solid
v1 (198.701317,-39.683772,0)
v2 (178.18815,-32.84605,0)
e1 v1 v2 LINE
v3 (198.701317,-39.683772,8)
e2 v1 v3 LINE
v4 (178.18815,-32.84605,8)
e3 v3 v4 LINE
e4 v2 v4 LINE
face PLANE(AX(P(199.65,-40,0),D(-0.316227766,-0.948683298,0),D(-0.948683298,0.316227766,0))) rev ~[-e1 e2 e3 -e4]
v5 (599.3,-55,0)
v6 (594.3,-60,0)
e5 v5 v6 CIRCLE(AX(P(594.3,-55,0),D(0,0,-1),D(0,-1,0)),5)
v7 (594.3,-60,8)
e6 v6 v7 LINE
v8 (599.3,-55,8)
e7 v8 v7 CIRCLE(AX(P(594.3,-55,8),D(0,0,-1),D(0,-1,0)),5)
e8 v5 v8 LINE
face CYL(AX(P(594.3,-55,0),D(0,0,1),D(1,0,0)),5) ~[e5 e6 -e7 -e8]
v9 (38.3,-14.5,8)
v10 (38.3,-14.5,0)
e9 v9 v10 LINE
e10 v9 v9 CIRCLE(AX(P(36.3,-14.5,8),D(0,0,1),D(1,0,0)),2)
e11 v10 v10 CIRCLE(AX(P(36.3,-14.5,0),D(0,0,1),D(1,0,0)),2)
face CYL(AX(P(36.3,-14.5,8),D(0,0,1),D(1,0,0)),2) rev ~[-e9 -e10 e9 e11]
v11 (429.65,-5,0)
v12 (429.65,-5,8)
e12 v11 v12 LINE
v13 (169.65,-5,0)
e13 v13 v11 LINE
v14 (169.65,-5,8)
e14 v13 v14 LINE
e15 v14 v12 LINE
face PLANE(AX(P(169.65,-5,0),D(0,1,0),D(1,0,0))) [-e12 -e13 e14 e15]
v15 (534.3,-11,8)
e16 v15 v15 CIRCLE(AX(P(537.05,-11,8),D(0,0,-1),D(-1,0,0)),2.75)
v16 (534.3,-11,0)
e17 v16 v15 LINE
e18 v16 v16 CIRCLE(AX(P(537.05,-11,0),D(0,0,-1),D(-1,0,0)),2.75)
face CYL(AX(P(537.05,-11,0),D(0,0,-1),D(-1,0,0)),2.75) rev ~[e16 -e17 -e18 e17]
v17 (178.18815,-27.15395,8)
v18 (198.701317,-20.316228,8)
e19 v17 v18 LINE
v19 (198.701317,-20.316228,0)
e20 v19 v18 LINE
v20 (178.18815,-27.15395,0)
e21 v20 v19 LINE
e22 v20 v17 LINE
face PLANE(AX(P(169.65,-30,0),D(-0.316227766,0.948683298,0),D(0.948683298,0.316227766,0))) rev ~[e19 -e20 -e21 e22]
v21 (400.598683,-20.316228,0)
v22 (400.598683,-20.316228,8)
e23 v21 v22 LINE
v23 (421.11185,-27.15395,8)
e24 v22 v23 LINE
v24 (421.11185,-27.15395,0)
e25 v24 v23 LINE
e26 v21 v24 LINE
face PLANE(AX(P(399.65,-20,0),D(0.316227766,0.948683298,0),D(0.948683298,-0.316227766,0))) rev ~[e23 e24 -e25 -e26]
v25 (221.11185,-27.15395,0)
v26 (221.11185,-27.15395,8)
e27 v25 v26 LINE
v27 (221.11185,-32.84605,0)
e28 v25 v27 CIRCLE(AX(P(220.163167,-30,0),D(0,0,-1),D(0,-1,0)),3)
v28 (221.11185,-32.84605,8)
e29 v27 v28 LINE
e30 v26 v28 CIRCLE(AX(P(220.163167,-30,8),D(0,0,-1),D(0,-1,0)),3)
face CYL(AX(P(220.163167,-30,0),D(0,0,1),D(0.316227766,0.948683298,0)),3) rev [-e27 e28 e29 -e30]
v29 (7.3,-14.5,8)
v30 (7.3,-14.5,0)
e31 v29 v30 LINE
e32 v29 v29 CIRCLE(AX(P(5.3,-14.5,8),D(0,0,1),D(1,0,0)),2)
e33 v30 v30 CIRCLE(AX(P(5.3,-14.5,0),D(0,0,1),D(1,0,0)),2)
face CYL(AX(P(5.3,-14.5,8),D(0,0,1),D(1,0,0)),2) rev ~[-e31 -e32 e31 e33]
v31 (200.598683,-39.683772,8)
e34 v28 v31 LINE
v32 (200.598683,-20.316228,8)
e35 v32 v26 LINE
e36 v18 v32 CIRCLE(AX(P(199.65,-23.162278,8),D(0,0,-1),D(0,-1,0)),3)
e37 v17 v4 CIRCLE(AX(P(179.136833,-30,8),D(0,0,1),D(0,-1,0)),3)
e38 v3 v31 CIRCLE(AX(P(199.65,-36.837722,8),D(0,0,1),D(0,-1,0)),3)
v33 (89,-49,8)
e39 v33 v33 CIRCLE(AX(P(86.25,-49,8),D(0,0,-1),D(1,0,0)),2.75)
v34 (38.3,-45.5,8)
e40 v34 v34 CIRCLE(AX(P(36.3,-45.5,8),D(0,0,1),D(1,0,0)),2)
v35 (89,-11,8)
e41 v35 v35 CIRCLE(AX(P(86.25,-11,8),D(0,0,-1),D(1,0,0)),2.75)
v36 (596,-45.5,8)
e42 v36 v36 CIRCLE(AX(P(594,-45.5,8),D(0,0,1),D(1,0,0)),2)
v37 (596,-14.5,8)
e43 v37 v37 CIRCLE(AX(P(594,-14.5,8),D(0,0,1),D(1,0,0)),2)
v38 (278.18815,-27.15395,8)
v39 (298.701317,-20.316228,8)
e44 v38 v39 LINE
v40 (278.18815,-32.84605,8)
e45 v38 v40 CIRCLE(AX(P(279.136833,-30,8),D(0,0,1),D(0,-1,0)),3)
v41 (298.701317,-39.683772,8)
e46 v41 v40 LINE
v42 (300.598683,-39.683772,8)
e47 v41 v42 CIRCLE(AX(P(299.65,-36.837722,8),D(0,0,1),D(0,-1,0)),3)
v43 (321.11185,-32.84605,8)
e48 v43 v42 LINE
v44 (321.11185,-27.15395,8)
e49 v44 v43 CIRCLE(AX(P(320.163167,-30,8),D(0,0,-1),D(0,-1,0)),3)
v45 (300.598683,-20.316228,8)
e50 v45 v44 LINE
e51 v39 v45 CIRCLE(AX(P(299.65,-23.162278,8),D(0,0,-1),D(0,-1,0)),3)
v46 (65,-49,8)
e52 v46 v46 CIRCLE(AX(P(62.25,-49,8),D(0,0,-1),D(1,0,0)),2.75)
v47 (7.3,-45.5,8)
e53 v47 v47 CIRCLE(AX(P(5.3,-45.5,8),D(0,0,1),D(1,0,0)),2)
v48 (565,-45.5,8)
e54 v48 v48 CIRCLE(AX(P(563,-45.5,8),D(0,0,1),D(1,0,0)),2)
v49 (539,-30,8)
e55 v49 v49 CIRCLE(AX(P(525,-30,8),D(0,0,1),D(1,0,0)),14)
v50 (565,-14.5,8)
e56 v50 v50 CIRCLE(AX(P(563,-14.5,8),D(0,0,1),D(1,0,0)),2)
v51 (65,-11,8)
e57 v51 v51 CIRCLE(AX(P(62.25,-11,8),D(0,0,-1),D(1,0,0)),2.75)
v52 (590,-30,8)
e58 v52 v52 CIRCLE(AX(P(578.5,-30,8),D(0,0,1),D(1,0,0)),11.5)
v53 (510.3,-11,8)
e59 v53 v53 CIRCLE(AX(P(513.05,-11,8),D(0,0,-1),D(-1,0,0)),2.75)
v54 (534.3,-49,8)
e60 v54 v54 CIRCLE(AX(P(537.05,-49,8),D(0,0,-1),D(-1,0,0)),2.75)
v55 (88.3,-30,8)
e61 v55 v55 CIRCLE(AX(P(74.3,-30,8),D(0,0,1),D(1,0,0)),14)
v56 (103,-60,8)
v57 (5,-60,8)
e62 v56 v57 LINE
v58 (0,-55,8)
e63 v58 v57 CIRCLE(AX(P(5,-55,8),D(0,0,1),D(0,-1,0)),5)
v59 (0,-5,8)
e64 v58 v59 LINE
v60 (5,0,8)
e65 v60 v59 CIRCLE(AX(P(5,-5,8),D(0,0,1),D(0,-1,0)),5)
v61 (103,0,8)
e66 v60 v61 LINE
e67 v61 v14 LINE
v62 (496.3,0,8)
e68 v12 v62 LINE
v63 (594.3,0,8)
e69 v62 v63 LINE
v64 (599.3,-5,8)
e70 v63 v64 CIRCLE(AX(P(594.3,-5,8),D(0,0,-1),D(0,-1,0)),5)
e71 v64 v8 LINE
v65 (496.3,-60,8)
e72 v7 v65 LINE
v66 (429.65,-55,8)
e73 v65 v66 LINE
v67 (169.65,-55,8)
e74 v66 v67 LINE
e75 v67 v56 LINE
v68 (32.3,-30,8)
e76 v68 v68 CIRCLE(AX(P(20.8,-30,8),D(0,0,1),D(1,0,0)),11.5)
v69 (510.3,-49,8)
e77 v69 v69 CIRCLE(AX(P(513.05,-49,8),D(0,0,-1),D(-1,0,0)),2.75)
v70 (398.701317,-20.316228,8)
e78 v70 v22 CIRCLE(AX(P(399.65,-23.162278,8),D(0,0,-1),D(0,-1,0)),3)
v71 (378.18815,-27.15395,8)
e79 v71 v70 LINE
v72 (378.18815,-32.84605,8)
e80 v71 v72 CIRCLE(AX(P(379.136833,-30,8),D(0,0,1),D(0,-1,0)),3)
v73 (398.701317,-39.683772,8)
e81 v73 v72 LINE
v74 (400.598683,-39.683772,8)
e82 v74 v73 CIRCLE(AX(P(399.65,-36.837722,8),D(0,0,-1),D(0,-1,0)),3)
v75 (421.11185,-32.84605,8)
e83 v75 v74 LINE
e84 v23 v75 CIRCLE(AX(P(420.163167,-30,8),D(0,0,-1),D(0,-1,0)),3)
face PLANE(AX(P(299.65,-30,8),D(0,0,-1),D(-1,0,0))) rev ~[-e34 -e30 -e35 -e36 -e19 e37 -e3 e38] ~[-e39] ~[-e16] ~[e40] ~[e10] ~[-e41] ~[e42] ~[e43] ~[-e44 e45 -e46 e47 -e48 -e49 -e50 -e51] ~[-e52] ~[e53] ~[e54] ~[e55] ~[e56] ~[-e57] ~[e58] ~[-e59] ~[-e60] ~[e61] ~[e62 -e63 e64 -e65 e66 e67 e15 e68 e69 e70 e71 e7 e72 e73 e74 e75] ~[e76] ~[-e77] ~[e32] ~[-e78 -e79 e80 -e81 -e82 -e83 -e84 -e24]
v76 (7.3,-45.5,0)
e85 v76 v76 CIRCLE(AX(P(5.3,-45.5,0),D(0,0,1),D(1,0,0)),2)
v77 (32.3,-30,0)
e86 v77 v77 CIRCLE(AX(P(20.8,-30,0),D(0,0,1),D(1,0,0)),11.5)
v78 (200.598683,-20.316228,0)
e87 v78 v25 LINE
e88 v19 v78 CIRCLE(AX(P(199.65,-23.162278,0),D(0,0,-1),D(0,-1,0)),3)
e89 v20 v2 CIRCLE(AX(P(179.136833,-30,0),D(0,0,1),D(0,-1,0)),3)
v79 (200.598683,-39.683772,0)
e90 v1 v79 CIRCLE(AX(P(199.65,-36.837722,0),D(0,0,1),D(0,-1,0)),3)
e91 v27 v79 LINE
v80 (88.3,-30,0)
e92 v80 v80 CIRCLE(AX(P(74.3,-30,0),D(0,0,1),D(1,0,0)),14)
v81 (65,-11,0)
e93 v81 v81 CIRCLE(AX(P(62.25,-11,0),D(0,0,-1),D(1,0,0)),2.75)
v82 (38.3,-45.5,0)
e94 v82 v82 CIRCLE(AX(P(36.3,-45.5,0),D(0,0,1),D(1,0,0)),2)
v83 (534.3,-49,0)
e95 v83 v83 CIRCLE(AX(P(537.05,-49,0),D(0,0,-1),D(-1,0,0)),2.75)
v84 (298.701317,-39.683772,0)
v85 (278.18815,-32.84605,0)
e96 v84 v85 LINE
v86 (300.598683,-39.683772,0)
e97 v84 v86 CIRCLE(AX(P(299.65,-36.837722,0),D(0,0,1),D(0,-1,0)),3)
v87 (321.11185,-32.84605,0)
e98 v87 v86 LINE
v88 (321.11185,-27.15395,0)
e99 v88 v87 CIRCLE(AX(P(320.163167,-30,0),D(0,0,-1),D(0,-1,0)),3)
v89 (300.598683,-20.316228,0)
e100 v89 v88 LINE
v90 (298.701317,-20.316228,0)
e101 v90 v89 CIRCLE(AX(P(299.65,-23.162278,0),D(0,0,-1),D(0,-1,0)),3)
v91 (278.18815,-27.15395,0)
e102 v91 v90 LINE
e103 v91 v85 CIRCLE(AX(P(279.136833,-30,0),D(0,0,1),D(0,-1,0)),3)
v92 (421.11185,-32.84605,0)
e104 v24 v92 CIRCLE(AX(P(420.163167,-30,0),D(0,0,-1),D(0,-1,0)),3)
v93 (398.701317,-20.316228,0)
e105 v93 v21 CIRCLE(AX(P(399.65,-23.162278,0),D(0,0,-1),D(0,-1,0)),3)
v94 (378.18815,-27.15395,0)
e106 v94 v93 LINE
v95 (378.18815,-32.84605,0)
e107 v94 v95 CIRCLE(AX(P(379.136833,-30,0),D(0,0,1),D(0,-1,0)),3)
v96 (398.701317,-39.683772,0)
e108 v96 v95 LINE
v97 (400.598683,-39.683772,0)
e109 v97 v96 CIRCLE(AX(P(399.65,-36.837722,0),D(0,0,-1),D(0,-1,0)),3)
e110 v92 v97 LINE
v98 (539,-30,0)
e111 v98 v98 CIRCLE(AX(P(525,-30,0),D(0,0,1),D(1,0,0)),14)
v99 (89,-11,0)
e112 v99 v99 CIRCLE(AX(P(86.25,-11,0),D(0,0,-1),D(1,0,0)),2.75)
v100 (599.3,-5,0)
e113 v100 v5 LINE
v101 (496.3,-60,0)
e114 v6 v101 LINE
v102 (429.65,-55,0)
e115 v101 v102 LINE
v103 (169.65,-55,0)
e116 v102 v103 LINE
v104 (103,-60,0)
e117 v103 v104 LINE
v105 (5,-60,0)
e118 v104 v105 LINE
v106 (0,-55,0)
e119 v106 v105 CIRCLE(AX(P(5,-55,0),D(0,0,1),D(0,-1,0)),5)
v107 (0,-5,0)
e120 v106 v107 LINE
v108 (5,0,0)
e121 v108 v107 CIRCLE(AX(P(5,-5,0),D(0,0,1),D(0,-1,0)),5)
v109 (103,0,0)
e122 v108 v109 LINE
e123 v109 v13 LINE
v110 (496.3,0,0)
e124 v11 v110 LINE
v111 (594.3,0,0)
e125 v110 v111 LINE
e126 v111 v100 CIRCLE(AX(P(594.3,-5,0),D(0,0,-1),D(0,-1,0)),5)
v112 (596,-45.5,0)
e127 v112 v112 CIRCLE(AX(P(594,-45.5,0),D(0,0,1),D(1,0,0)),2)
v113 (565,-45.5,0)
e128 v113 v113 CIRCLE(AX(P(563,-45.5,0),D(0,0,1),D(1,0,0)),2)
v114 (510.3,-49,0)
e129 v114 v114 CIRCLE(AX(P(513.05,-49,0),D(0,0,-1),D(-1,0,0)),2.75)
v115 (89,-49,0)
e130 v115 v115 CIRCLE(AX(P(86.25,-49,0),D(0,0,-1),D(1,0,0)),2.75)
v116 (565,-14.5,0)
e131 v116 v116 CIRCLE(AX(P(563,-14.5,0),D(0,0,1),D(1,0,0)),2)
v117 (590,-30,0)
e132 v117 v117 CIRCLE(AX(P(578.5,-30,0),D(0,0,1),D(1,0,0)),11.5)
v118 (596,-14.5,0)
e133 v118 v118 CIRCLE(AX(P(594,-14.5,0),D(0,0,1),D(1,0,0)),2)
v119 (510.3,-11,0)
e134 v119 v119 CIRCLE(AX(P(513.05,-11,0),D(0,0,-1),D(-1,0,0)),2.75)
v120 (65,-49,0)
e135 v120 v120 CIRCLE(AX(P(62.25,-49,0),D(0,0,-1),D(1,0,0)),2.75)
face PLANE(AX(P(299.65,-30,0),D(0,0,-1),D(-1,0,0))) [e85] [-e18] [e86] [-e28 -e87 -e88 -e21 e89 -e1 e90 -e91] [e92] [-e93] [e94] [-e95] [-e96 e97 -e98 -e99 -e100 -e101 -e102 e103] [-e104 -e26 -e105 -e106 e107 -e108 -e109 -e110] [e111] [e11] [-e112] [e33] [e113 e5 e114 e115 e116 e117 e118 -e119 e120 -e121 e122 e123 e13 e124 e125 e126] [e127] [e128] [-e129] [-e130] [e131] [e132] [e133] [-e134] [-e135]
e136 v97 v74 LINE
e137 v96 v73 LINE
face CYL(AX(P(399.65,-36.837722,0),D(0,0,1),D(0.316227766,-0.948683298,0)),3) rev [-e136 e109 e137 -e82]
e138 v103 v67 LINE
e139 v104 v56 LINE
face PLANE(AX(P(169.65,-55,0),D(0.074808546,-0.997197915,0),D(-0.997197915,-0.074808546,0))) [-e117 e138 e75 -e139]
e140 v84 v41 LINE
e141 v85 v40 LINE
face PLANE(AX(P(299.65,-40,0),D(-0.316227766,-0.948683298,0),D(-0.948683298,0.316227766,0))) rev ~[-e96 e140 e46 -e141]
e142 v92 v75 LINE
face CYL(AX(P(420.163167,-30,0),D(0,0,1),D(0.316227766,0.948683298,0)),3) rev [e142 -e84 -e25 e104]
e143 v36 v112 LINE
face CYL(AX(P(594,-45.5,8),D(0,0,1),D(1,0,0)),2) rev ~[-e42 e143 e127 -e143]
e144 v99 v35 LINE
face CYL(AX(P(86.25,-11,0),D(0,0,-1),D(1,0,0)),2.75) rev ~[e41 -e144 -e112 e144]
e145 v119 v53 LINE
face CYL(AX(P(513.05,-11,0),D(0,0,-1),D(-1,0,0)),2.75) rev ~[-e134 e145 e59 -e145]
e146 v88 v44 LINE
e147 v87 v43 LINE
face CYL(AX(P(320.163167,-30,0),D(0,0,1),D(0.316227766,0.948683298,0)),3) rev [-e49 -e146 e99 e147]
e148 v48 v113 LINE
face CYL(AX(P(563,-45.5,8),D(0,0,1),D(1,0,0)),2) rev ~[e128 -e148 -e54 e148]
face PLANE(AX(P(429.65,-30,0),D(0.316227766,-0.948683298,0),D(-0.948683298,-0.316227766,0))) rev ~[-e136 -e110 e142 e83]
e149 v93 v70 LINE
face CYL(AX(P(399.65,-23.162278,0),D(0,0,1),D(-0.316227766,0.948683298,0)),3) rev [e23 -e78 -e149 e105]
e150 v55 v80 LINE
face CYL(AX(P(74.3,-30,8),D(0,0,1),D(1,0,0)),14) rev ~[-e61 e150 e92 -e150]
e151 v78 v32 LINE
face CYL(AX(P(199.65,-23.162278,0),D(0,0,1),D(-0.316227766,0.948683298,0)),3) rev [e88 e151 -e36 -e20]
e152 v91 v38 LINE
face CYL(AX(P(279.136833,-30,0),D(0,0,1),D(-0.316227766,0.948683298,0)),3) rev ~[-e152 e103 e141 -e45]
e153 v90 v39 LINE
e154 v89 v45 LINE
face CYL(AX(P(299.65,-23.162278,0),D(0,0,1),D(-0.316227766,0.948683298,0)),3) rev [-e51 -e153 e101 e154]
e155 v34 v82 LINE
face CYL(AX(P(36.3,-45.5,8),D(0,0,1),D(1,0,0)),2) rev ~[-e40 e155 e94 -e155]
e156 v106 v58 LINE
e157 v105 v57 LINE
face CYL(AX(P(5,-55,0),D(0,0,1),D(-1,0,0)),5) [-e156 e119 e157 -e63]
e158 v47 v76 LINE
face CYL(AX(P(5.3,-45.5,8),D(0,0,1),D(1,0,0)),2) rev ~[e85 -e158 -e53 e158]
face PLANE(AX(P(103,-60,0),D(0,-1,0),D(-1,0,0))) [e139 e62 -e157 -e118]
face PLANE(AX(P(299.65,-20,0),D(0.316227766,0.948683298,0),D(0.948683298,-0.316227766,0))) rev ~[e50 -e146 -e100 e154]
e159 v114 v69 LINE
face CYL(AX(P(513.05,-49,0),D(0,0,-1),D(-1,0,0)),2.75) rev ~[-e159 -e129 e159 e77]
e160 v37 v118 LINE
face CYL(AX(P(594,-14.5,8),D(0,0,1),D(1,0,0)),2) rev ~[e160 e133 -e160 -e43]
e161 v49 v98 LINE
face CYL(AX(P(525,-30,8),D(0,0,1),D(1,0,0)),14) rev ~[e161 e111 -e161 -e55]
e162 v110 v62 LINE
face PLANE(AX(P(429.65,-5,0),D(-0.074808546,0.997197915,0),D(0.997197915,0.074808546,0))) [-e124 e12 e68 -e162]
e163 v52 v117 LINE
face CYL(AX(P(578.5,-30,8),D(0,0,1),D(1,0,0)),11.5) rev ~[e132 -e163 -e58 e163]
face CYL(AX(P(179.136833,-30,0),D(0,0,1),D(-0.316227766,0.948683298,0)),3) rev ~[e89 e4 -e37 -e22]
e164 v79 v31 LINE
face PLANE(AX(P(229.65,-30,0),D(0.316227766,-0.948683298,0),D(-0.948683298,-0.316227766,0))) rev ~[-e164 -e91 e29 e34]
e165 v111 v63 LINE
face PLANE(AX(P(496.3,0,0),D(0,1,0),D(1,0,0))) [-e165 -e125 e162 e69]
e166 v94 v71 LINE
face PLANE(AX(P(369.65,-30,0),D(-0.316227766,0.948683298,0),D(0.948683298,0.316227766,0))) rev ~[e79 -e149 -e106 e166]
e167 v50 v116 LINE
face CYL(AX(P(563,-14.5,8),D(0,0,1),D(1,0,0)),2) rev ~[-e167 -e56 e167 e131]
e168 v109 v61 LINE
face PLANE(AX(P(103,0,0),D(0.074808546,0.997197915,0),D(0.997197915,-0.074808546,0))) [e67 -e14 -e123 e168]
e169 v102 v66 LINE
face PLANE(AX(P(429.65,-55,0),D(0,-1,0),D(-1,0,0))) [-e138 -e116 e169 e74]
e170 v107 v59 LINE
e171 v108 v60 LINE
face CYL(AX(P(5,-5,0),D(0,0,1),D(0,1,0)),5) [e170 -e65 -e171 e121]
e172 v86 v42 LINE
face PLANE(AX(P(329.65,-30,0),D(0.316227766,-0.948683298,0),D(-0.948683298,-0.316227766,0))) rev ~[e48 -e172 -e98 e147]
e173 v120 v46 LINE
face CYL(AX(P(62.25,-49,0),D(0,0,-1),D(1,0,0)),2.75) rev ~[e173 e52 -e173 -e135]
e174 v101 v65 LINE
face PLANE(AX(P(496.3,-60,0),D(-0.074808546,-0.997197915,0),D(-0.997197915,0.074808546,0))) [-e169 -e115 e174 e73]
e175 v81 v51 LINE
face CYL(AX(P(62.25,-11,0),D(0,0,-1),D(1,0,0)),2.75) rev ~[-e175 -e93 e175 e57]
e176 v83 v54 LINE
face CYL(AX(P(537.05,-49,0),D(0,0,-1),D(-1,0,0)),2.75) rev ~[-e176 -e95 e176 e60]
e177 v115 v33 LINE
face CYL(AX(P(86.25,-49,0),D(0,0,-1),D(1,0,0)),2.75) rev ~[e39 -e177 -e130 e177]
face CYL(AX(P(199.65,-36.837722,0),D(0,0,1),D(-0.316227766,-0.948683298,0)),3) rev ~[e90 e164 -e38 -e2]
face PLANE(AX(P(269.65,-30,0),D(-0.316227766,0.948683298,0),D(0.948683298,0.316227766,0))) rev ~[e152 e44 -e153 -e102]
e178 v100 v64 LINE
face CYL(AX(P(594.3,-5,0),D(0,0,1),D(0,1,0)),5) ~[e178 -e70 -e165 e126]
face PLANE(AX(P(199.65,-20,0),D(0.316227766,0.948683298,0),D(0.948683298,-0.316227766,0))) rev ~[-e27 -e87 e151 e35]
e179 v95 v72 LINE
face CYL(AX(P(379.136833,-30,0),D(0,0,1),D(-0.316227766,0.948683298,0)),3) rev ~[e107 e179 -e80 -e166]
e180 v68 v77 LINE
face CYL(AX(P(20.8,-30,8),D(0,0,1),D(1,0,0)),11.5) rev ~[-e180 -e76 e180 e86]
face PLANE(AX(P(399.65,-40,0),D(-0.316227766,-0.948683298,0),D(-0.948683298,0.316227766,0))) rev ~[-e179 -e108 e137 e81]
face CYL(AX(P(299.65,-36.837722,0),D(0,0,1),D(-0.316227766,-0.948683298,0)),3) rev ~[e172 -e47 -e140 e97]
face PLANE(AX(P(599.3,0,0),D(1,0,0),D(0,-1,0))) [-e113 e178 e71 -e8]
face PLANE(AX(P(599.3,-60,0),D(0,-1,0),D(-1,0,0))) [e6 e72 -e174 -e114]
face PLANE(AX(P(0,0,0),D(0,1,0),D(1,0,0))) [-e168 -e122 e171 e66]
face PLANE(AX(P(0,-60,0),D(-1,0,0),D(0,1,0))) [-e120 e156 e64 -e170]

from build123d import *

# Parameters (mm, degrees)
EXTRUDE_1_DEPTH     = 8
FILLET_1_R          = 3
FILLET_2_R          = 5
SKETCH_2_R          = 14
CUT_EXTRUDE_1_DEPTH = 10
SKETCH_3_R          = 2.75
CUT_EXTRUDE_2_DEPTH = 10
SKETCH_4_R          = 11.5
SKETCH_4_R_2        = 2
CUT_EXTRUDE_3_DEPTH = 10


with BuildPart() as part:
    # 草图1 → 凸台-拉伸1 (new body)
    with BuildSketch(Plane.XY):
        Polygon((0, 0), (103, 0), (169.65, -5), (429.65, -5), (496.3, 0), (599.3, 0), (599.3, -60), (496.3, -60), (429.65, -55), (169.65, -55), (103, -60), (0, -60), align=None)
        Polygon((169.65, -30), (199.65, -20), (229.65, -30), (199.65, -40), align=None, mode=Mode.SUBTRACT)
        Polygon((269.65, -30), (299.65, -20), (329.65, -30), (299.65, -40), align=None, mode=Mode.SUBTRACT)
        Polygon((369.65, -30), (399.65, -20), (429.65, -30), (399.65, -40), align=None, mode=Mode.SUBTRACT)
    extrude(amount=EXTRUDE_1_DEPTH)

    # 圆角1
    fillet_1_edges = [part.edges().sort_by_distance(p)[0] for p in [
        (269.65, -30, 4),
        (299.65, -40, 4),
        (329.65, -30, 4),
        (299.65, -20, 4),
        (169.65, -30, 4),
        (199.65, -40, 4),
        (229.65, -30, 4),
        (199.65, -20, 4),
        (369.65, -30, 4),
        (399.65, -40, 4),
        (429.65, -30, 4),
        (399.65, -20, 4),
    ]]
    fillet(fillet_1_edges, radius=FILLET_1_R)

    # 圆角2
    fillet_2_edges = [part.edges().sort_by_distance(p)[0] for p in [
        (0, 0, 4),
        (599.3, 0, 4),
        (599.3, -60, 4),
        (0, -60, 4),
    ]]
    fillet(fillet_2_edges, radius=FILLET_2_R)

    # 草图2 → 切除-拉伸1 (cut)
    with BuildSketch(Plane.XY.offset(8)):
        with Locations((74.3, -30)):
            Circle(SKETCH_2_R)
        with Locations((525, -30)):
            Circle(SKETCH_2_R)
    extrude(amount=-CUT_EXTRUDE_1_DEPTH, mode=Mode.SUBTRACT)

    # 草图3 → 切除-拉伸2 (cut)
    with BuildSketch(Plane(origin=(0, 0, 0), x_dir=(-1, 0, 0), z_dir=(0, 0, -1))):
        with Locations((-537.05, -11)):
            Circle(SKETCH_3_R)
        with Locations((-513.05, -11)):
            Circle(SKETCH_3_R)
        with Locations((-513.05, -49)):
            Circle(SKETCH_3_R)
        with Locations((-537.05, -49)):
            Circle(SKETCH_3_R)
        with Locations(Location((-62.25, -49, 0), (0, 0, 180))):
            Circle(SKETCH_3_R)
        with Locations(Location((-86.25, -49, 0), (0, 0, 180))):
            Circle(SKETCH_3_R)
        with Locations(Location((-86.25, -11, 0), (0, 0, 180))):
            Circle(SKETCH_3_R)
        with Locations(Location((-62.25, -11, 0), (0, 0, 180))):
            Circle(SKETCH_3_R)
    extrude(amount=-CUT_EXTRUDE_2_DEPTH, mode=Mode.SUBTRACT)

    # 草图4 → 切除-拉伸3 (cut)
    with BuildSketch(Plane.XY.offset(8)):
        with Locations((20.8, -30)):
            Circle(SKETCH_4_R)
        with Locations((5.3, -14.5)):
            Circle(SKETCH_4_R_2)
        with Locations((36.3, -14.5)):
            Circle(SKETCH_4_R_2)
        with Locations((36.3, -45.5)):
            Circle(SKETCH_4_R_2)
        with Locations((5.3, -45.5)):
            Circle(SKETCH_4_R_2)
        with Locations((563, -45.5)):
            Circle(SKETCH_4_R_2)
        with Locations((594, -45.5)):
            Circle(SKETCH_4_R_2)
        with Locations((594, -14.5)):
            Circle(SKETCH_4_R_2)
        with Locations((563, -14.5)):
            Circle(SKETCH_4_R_2)
        with Locations((578.5, -30)):
            Circle(SKETCH_4_R)
    extrude(amount=-CUT_EXTRUDE_3_DEPTH, mode=Mode.SUBTRACT)


solid = part.part
